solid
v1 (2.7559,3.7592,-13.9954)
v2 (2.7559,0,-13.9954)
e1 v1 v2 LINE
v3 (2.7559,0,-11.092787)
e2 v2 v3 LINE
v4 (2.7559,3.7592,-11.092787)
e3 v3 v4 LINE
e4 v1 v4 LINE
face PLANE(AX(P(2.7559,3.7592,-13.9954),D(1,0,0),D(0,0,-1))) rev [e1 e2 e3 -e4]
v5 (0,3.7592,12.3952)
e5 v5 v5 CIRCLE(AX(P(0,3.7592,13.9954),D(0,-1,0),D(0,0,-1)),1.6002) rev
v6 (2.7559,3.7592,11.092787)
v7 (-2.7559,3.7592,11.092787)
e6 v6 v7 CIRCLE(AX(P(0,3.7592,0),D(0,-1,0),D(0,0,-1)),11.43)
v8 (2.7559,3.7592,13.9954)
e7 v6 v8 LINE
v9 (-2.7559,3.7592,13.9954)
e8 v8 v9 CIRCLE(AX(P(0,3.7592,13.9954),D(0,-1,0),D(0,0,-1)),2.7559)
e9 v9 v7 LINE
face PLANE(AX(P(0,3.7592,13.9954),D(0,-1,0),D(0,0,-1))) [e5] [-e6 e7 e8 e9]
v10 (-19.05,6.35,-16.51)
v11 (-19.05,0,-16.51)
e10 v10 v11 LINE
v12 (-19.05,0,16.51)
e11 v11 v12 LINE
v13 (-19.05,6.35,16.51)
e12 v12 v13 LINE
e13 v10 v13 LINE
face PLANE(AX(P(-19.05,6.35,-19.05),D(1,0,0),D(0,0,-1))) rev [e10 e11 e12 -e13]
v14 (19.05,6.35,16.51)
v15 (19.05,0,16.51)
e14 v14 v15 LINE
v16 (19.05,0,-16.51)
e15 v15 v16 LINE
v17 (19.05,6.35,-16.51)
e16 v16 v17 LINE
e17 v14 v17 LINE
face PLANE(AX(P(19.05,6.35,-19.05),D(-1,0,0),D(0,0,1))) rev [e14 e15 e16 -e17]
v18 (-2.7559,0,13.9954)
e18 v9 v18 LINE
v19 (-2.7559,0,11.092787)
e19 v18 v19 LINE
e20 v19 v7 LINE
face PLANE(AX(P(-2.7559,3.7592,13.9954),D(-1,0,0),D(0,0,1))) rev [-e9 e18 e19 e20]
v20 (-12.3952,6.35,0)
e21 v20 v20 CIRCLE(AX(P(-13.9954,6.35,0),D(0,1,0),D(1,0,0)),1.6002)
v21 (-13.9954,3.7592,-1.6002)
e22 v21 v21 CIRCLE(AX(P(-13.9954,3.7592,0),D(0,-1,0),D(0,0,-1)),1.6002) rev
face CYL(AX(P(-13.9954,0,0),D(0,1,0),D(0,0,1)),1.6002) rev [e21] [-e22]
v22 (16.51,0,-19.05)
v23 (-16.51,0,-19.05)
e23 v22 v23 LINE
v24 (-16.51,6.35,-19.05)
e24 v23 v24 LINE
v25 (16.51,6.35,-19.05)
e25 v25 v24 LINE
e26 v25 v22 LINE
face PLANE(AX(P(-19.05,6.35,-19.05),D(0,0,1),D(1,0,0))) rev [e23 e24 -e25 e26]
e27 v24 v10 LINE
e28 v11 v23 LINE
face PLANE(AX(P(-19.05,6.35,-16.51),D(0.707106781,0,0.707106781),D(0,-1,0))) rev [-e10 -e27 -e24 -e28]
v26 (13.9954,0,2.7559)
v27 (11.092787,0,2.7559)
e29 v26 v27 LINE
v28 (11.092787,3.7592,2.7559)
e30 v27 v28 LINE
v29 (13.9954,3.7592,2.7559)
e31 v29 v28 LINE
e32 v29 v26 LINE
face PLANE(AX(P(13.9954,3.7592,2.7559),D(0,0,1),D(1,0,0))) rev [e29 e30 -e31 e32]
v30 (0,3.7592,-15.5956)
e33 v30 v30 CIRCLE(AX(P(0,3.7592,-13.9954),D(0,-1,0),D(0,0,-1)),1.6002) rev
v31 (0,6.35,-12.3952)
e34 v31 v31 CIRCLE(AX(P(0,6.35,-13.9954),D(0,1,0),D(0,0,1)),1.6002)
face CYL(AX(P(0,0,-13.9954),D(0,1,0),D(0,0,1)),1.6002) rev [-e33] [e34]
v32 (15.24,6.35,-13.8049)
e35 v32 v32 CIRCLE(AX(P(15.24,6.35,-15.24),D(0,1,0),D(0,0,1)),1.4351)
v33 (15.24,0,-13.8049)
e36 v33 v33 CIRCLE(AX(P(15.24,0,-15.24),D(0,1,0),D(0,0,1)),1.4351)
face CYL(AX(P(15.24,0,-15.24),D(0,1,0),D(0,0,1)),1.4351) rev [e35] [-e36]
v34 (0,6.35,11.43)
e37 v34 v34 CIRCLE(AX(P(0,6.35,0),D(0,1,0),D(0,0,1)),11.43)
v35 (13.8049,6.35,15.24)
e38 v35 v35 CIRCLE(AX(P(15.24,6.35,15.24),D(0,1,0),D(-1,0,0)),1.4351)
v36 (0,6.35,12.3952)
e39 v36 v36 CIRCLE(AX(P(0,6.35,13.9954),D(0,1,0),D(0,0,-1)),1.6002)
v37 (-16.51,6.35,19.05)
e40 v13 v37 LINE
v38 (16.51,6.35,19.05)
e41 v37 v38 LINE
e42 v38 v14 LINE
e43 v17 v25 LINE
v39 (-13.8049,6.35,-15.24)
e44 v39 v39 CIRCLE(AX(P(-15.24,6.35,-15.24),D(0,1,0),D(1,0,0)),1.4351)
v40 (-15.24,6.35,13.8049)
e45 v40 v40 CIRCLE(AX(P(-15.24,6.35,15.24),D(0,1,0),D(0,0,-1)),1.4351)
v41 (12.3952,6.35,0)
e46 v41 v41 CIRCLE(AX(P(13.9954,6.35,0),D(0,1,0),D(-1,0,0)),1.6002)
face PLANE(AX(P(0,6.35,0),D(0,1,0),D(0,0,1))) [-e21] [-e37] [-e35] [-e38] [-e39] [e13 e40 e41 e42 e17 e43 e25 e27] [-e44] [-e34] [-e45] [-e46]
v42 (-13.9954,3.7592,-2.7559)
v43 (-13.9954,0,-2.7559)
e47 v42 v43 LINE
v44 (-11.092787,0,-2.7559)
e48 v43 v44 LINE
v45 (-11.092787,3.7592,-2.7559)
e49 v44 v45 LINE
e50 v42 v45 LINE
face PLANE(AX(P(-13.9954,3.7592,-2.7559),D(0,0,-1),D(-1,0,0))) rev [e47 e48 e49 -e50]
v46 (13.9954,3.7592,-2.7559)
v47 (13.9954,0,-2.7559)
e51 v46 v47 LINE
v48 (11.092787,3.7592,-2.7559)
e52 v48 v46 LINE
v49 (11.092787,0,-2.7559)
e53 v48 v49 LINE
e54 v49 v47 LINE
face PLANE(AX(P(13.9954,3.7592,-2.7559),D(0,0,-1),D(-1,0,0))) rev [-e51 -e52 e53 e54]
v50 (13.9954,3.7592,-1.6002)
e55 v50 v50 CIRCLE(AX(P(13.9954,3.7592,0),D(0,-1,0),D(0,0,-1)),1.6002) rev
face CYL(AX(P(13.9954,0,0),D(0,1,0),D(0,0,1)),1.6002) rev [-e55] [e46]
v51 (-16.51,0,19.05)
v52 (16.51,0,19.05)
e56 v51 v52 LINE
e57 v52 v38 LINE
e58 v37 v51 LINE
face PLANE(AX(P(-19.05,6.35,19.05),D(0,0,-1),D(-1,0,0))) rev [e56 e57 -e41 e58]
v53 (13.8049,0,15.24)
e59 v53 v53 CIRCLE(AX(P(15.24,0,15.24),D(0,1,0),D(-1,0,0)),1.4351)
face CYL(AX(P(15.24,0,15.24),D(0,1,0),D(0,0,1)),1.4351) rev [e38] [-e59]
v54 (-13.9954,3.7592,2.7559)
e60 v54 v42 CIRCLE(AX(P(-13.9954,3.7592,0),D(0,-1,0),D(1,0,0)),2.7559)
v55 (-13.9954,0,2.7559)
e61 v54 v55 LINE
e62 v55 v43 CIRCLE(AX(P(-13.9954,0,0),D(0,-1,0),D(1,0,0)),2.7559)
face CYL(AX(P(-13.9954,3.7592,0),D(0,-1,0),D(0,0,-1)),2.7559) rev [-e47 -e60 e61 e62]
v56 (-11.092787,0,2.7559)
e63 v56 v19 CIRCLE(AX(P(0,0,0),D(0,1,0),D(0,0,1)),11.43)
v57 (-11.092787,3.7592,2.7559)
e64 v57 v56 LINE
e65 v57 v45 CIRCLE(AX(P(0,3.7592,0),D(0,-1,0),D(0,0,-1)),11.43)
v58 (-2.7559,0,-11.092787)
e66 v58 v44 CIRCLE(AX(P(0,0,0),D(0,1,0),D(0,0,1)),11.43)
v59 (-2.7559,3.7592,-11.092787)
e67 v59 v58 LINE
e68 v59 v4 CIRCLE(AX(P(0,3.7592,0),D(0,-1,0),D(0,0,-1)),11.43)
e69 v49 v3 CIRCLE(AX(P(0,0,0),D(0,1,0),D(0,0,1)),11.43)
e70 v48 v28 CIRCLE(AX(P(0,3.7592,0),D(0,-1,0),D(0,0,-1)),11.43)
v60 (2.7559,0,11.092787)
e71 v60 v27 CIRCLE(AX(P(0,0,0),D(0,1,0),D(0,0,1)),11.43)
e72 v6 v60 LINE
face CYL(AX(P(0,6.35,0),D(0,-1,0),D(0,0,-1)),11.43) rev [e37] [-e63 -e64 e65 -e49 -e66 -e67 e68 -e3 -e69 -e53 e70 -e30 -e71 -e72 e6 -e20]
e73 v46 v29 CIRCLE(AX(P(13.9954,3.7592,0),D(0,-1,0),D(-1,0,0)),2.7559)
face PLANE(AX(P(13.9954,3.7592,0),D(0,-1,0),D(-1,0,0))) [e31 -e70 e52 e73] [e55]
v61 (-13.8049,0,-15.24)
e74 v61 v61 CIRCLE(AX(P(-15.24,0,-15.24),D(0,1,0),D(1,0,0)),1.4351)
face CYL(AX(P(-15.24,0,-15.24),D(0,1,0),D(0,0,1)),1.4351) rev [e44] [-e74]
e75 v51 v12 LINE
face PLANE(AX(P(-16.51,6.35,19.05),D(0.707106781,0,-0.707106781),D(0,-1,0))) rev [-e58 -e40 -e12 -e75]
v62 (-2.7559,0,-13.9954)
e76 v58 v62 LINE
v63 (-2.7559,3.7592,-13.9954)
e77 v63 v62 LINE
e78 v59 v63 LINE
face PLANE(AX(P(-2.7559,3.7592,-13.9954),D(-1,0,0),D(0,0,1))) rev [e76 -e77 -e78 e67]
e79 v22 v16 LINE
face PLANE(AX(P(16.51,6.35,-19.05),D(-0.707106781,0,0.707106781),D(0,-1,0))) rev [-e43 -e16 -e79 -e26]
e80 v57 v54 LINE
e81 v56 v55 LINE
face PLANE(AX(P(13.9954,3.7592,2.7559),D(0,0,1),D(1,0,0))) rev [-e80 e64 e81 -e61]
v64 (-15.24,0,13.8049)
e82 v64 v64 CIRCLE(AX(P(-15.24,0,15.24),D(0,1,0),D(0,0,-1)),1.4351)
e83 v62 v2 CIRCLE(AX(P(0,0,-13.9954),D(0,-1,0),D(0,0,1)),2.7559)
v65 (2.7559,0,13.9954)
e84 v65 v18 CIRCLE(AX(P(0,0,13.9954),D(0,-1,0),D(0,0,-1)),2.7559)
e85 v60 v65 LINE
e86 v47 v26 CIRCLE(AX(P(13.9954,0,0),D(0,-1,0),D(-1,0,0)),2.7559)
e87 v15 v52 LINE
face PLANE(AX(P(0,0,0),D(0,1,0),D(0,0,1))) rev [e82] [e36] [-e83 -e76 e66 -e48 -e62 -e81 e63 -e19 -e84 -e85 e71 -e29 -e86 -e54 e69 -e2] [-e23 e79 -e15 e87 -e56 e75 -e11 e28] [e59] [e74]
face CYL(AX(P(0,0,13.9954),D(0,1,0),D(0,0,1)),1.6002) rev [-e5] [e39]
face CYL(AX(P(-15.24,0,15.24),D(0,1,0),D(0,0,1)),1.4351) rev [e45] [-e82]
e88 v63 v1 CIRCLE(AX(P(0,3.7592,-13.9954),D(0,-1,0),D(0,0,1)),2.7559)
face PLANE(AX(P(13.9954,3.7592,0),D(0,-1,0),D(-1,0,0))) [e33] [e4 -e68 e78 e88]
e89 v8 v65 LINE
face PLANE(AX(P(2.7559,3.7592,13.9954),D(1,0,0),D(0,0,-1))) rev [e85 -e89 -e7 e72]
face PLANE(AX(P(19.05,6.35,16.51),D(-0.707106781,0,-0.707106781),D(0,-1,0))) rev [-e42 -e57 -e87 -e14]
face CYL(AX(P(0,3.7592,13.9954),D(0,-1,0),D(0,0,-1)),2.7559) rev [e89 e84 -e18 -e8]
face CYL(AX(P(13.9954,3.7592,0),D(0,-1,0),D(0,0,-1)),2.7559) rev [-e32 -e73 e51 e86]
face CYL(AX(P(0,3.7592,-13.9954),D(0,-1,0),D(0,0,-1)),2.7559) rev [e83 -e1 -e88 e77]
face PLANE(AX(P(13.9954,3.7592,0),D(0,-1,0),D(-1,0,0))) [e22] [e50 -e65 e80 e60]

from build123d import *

# Parameters (mm, degrees)
SKETCH1_W           = 38.1
SKETCH1_H           = 38.1
SKETCH1_R           = 11.43
BOSS_EXTRUDE1_DEPTH = 6.35
SKETCH2_R           = 1.6002
SKETCH2_R_2         = 1.4351
CUT_EXTRUDE1_DEPTH  = 7.35
CIRPATTERN1_COUNT   = 4
CHAMFER1_SIZE       = 2.54
CUT_EXTRUDE2_DEPTH  = 3.7592
CIRPATTERN4_COUNT   = 4


with BuildPart() as part:
    # Sketch1 → Boss-Extrude1 (new body)
    with BuildSketch(Plane(origin=(0, 0, 0), x_dir=(1, 0, 0), z_dir=(0, 1, 0))):
        Rectangle(SKETCH1_W, SKETCH1_H)
        Circle(SKETCH1_R, mode=Mode.SUBTRACT)
    extrude(amount=BOSS_EXTRUDE1_DEPTH)

    # Sketch2 → Cut-Extrude1 (cut, through all)
    with BuildSketch(Plane(origin=(0, 6.35, 0), x_dir=(1, 0, 0), z_dir=(0, 1, 0))):
        with Locations((0, 13.9954)):
            Circle(SKETCH2_R)
        with Locations((15.24, 15.24)):
            Circle(SKETCH2_R_2)
    cut_extrude1 = extrude(amount=-CUT_EXTRUDE1_DEPTH, mode=Mode.SUBTRACT)

    # CirPattern1: Cut-Extrude1 ×4 about axis
    cirpattern1_axis = Axis((0, 0, 0), (0, 1, 0))
    for i in range(1, CIRPATTERN1_COUNT):
        add(cut_extrude1.rotate(cirpattern1_axis, i * 360 / CIRPATTERN1_COUNT), mode=Mode.SUBTRACT)

    # Chamfer1
    chamfer1_edges = [part.edges().sort_by_distance(p)[0] for p in [
        (19.05, 3.175, 19.05),
        (-19.05, 3.175, 19.05),
        (-19.05, 3.175, -19.05),
        (19.05, 3.175, -19.05),
    ]]
    chamfer(chamfer1_edges, length=CHAMFER1_SIZE)

    # Sketch3 → Cut-Extrude2 (cut)
    with BuildSketch(Plane.XZ):
        with BuildLine():
            Line((2.7559, 13.9954), (2.7559, 0))
            ThreePointArc((2.7559, 0), (0, -2.7559), (-2.7559, 0))
            Line((-2.7559, 0), (-2.7559, 13.9954))
            ThreePointArc((-2.7559, 13.9954), (0, 16.7513), (2.7559, 13.9954))
        make_face()
    cut_extrude2 = extrude(amount=-CUT_EXTRUDE2_DEPTH, mode=Mode.SUBTRACT)

    # CirPattern4: Cut-Extrude2 ×4 about axis
    cirpattern4_axis = Axis((0, 0, 0), (0, 1, 0))
    for i in range(1, CIRPATTERN4_COUNT):
        add(cut_extrude2.rotate(cirpattern4_axis, i * 360 / CIRPATTERN4_COUNT), mode=Mode.SUBTRACT)


solid = part.part
